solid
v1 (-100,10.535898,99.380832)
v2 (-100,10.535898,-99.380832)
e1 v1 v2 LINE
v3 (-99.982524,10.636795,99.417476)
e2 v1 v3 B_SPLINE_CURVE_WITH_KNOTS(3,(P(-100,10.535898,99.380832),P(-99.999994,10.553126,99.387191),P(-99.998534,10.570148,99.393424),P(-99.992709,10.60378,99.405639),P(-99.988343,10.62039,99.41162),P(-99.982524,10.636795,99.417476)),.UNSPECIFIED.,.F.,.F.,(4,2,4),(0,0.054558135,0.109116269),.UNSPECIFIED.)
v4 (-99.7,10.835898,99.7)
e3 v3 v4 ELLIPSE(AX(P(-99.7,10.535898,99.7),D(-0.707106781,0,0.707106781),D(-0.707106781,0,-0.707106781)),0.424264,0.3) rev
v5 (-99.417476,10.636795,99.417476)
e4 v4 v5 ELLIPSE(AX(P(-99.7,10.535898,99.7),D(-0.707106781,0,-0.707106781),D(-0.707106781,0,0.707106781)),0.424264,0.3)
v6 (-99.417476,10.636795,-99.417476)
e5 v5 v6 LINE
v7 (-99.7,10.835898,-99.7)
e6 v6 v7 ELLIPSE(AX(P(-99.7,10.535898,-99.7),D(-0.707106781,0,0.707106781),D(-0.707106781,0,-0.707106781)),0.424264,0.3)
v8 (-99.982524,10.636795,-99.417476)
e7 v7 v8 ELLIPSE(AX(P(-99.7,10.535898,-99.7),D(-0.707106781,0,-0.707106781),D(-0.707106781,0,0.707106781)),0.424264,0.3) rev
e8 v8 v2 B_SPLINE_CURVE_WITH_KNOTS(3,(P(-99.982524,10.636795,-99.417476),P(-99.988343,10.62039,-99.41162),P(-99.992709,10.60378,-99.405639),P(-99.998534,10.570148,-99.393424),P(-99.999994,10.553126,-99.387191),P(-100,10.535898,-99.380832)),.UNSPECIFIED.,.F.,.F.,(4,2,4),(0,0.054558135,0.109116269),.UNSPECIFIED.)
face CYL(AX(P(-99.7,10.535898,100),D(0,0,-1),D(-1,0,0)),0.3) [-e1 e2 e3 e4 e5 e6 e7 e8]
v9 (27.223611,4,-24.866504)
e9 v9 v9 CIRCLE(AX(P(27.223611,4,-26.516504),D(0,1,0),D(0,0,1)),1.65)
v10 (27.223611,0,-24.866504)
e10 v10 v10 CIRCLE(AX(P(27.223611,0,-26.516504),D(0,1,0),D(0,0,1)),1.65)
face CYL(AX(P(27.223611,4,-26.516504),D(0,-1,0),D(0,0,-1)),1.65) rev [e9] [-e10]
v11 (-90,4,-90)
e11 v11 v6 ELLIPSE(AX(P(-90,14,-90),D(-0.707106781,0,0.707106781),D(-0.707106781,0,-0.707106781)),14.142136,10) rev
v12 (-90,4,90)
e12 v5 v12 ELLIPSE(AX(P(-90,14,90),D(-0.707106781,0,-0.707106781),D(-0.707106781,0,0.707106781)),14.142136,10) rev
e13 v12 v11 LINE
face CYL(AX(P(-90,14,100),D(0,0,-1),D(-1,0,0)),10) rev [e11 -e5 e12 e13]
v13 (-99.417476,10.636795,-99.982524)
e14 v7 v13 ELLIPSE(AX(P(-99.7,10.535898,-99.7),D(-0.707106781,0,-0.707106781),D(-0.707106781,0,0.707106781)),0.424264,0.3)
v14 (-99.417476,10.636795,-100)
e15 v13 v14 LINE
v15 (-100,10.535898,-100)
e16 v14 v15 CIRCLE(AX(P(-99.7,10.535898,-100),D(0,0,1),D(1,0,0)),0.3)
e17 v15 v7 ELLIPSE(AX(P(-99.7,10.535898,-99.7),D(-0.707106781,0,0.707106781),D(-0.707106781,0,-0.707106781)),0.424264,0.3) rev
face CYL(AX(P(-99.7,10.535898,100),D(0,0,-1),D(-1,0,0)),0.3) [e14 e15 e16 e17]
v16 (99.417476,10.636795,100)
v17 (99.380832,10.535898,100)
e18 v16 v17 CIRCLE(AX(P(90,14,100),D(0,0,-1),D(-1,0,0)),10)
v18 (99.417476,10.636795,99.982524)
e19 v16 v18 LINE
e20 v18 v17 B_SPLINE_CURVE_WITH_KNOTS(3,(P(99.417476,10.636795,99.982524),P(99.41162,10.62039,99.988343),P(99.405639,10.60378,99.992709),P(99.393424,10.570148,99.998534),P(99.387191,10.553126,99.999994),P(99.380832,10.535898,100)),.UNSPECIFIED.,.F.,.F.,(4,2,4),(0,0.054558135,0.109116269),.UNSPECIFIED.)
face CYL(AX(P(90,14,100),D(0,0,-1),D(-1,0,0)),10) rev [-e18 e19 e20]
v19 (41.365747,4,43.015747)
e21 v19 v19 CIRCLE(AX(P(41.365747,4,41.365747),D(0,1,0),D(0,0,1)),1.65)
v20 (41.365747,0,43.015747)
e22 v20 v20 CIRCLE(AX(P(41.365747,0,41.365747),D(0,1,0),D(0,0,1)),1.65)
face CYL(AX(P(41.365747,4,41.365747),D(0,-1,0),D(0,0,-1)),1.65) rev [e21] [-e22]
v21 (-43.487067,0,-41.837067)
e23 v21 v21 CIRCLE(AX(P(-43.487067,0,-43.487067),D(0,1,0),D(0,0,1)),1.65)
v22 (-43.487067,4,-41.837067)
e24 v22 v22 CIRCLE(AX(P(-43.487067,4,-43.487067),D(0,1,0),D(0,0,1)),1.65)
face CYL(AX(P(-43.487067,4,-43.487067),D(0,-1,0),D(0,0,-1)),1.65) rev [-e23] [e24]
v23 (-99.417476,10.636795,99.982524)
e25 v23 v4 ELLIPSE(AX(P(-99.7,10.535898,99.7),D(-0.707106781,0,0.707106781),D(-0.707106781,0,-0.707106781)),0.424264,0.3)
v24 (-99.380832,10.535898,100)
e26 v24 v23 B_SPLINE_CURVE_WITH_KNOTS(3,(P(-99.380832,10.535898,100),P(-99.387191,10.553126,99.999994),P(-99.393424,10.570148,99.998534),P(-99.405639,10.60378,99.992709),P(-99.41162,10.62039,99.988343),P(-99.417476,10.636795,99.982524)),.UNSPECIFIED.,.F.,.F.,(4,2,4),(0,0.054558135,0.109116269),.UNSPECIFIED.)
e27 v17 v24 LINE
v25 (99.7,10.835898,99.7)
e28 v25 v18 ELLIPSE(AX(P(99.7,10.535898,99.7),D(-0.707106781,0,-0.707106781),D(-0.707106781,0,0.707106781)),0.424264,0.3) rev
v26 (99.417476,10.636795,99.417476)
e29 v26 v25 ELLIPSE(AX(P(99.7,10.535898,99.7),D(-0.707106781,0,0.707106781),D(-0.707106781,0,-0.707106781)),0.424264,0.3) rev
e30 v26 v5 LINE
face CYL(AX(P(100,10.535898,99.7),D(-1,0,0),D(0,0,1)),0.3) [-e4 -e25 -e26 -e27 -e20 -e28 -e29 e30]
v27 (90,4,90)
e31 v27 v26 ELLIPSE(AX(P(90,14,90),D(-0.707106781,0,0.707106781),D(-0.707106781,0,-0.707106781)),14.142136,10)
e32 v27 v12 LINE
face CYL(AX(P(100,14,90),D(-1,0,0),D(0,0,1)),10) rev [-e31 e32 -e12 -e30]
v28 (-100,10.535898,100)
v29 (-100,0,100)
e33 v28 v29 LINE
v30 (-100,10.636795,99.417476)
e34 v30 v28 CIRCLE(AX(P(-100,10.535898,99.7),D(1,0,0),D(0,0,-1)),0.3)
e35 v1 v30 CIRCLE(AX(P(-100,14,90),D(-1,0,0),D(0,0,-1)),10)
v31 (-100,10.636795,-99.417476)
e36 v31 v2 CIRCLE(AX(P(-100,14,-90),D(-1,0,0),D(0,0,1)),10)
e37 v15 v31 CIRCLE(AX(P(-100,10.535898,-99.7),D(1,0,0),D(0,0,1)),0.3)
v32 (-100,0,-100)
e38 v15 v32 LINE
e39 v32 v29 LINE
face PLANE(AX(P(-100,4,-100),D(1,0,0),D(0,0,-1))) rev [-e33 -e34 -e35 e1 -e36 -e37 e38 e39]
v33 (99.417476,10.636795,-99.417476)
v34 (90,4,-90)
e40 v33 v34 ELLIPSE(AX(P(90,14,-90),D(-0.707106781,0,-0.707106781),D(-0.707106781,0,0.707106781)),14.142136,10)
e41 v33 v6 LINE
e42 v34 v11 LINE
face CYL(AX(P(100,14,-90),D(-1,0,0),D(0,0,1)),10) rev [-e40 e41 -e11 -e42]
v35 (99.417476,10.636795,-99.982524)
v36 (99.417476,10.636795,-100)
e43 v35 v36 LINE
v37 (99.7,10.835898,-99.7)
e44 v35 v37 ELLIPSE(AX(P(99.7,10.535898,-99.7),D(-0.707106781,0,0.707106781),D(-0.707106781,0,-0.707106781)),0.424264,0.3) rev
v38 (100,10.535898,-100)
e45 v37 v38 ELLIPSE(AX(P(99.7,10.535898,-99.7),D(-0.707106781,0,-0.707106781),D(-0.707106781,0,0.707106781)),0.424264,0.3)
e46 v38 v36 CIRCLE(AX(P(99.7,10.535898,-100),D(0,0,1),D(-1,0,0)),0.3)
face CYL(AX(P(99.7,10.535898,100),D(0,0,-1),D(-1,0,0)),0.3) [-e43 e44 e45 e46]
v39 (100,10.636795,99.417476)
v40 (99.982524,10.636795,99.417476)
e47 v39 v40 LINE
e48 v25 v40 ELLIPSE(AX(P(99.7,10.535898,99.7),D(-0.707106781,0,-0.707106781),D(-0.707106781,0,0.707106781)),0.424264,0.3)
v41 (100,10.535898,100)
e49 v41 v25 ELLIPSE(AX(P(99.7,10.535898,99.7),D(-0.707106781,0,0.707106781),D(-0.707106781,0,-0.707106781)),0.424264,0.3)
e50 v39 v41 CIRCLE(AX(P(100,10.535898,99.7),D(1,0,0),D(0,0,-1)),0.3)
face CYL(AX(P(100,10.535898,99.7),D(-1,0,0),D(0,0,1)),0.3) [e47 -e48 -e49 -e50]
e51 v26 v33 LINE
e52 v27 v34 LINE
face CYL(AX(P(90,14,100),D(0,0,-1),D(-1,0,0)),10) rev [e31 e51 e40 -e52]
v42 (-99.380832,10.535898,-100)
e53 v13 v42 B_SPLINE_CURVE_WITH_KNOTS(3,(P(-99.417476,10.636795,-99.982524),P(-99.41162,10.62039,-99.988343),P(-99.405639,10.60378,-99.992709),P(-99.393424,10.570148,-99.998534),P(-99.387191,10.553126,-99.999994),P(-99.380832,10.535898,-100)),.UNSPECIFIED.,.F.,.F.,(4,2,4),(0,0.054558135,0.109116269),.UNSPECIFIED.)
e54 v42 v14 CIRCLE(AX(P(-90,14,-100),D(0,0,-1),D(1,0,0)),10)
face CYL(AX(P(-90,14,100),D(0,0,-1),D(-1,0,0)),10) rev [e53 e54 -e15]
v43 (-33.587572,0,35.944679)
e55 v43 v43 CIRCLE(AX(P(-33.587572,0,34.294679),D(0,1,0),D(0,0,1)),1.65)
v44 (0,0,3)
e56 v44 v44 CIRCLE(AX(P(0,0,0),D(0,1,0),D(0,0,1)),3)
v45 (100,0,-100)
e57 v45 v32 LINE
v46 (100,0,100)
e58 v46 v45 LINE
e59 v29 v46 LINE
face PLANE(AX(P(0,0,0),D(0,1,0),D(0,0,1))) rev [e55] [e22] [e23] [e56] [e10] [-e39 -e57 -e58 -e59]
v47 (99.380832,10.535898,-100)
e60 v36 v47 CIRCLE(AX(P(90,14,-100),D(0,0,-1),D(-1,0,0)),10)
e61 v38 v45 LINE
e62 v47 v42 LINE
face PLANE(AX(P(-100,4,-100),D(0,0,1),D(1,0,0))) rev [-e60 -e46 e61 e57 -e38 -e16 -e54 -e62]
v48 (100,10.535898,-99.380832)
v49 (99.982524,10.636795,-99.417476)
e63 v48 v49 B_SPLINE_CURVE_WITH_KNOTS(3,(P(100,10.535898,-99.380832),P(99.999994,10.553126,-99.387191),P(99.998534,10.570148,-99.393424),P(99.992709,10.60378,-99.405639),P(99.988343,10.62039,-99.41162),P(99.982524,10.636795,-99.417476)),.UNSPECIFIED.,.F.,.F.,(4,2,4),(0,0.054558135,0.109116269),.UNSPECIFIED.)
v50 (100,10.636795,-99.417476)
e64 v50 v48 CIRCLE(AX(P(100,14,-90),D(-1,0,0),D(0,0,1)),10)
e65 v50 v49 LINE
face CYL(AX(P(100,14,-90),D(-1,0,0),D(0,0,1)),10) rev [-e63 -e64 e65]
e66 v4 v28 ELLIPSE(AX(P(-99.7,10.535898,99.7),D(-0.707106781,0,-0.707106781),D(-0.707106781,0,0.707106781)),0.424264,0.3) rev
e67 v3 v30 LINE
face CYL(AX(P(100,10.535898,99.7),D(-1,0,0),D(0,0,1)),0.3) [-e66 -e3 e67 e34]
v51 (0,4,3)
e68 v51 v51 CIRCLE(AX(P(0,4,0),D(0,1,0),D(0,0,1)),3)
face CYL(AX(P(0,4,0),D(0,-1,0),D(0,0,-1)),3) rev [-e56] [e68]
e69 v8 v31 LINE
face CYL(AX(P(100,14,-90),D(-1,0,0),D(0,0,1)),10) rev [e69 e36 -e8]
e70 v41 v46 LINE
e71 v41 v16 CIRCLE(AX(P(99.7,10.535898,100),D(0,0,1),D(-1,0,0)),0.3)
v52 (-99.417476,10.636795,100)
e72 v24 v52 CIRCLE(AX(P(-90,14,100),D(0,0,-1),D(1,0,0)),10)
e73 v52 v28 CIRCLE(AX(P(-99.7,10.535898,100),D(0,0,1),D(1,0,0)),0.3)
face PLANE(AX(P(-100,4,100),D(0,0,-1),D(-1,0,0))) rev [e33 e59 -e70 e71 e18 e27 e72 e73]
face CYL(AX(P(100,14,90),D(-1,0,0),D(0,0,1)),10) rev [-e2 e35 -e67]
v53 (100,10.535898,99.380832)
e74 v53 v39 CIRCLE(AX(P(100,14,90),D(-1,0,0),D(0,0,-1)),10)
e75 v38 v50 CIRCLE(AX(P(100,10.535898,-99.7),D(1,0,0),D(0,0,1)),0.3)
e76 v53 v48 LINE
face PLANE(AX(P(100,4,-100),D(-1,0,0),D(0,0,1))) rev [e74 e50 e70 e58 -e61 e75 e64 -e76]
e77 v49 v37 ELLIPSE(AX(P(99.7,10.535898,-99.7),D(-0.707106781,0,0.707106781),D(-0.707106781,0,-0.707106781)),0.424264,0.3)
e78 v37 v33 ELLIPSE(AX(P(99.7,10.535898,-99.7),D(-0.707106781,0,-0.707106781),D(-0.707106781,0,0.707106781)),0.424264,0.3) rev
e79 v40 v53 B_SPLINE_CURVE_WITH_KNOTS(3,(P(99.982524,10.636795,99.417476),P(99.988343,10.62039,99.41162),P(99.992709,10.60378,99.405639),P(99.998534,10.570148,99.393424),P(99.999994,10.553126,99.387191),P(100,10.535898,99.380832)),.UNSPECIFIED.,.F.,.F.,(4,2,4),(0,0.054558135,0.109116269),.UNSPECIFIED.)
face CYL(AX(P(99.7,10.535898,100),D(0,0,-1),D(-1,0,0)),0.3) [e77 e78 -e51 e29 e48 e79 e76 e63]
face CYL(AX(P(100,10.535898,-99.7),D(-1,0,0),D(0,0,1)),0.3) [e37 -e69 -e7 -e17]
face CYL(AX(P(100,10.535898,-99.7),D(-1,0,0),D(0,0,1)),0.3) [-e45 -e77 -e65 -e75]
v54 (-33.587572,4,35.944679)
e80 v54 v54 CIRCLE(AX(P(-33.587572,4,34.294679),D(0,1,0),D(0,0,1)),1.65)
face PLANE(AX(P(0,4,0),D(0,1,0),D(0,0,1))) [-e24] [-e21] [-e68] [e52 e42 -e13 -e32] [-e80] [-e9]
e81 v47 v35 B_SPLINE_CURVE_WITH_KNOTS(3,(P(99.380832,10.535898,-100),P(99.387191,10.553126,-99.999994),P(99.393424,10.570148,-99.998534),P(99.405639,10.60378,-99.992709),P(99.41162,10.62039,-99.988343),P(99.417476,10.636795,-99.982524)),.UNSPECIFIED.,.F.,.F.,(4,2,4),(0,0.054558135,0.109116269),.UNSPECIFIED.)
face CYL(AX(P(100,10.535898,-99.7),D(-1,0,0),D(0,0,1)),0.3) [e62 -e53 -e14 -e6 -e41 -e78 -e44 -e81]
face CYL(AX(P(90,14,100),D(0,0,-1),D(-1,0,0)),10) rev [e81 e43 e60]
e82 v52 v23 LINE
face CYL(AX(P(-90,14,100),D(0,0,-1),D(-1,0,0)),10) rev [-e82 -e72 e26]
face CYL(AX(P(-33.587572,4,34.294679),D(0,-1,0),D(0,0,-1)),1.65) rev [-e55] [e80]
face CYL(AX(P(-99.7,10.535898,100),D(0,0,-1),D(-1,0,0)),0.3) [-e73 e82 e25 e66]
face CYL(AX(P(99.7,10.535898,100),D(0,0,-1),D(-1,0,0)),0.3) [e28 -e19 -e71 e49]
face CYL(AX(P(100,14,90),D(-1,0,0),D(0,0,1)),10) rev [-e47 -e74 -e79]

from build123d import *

# Parameters (mm, degrees)
SKETCH_1_W      = 200
SKETCH_1_H      = 200
SKETCH_1_R      = 3
SKETCH_1_R_2    = 1.65
EXTRUDE_1_DEPTH = 4
EXTRUDE_3_DEPTH = 100
EXTRUDE_4_DEPTH = 100


with BuildPart() as part:
    # 草图1 → 凸台-拉伸1 (new body)
    with BuildSketch(Plane(origin=(0, 0, 0), x_dir=(1, 0, 0), z_dir=(0, 1, 0))):
        Rectangle(SKETCH_1_W, SKETCH_1_H)
        with Locations(Location((0, 0, 0), (0, 0, 270))):
            Circle(SKETCH_1_R, mode=Mode.SUBTRACT)
        with Locations(Location((27.223611076, 26.516504294, 0), (0, 0, 270))):
            Circle(SKETCH_1_R_2, mode=Mode.SUBTRACT)
        with Locations(Location((-43.487067043, 43.487067043, 0), (0, 0, 270))):
            Circle(SKETCH_1_R_2, mode=Mode.SUBTRACT)
        with Locations(Location((-33.587572106, -34.294678888, 0), (0, 0, 270))):
            Circle(SKETCH_1_R_2, mode=Mode.SUBTRACT)
        with Locations(Location((41.365746699, -41.365746699, 0), (0, 0, 270))):
            Circle(SKETCH_1_R_2, mode=Mode.SUBTRACT)
    extrude(amount=EXTRUDE_1_DEPTH)

    # 草图3 → 凸台-拉伸3 (add, symmetric)
    with BuildSketch(Plane(origin=(0, 0, 0), x_dir=(0, 0, -1), z_dir=(1, 0, 0))):
        with BuildLine():
            Line((-100, 4), (-90, 4))
            ThreePointArc((-90, 4), (-95.760553163, 5.825892877), (-99.417475728, 10.636794548))
            ThreePointArc((-99.417475728, 10.636794548), (-99.751199211, 10.831497168), (-100, 10.535898385))
            Line((-100, 10.535898385), (-100, 4))
        make_face()
        with BuildLine():
            Line((100, 4), (100, 10.535898385))
            ThreePointArc((100, 10.535898385), (99.751199211, 10.831497168), (99.417475728, 10.636794548))
            ThreePointArc((99.417475728, 10.636794548), (95.760553163, 5.825892877), (90, 4))
            Line((90, 4), (100, 4))
        make_face()
    extrude(amount=EXTRUDE_3_DEPTH, both=True)

    # 草图5 → 凸台-拉伸4 (add, symmetric)
    with BuildSketch(Plane.XY):
        with BuildLine():
            Line((-100, 4), (-90, 4))
            ThreePointArc((-90, 4), (-95.760553163, 5.825892877), (-99.417475728, 10.636794548))
            ThreePointArc((-99.417475728, 10.636794548), (-99.751199211, 10.831497168), (-100, 10.535898385))
            Line((-100, 10.535898385), (-100, 4))
        make_face()
        with BuildLine():
            Line((100, 4), (100, 10.535898385))
            ThreePointArc((100, 10.535898385), (99.751199211, 10.831497168), (99.417475728, 10.636794548))
            ThreePointArc((99.417475728, 10.636794548), (95.760553163, 5.825892877), (90, 4))
            Line((90, 4), (100, 4))
        make_face()
    extrude(amount=EXTRUDE_4_DEPTH, both=True)


solid = part.part
